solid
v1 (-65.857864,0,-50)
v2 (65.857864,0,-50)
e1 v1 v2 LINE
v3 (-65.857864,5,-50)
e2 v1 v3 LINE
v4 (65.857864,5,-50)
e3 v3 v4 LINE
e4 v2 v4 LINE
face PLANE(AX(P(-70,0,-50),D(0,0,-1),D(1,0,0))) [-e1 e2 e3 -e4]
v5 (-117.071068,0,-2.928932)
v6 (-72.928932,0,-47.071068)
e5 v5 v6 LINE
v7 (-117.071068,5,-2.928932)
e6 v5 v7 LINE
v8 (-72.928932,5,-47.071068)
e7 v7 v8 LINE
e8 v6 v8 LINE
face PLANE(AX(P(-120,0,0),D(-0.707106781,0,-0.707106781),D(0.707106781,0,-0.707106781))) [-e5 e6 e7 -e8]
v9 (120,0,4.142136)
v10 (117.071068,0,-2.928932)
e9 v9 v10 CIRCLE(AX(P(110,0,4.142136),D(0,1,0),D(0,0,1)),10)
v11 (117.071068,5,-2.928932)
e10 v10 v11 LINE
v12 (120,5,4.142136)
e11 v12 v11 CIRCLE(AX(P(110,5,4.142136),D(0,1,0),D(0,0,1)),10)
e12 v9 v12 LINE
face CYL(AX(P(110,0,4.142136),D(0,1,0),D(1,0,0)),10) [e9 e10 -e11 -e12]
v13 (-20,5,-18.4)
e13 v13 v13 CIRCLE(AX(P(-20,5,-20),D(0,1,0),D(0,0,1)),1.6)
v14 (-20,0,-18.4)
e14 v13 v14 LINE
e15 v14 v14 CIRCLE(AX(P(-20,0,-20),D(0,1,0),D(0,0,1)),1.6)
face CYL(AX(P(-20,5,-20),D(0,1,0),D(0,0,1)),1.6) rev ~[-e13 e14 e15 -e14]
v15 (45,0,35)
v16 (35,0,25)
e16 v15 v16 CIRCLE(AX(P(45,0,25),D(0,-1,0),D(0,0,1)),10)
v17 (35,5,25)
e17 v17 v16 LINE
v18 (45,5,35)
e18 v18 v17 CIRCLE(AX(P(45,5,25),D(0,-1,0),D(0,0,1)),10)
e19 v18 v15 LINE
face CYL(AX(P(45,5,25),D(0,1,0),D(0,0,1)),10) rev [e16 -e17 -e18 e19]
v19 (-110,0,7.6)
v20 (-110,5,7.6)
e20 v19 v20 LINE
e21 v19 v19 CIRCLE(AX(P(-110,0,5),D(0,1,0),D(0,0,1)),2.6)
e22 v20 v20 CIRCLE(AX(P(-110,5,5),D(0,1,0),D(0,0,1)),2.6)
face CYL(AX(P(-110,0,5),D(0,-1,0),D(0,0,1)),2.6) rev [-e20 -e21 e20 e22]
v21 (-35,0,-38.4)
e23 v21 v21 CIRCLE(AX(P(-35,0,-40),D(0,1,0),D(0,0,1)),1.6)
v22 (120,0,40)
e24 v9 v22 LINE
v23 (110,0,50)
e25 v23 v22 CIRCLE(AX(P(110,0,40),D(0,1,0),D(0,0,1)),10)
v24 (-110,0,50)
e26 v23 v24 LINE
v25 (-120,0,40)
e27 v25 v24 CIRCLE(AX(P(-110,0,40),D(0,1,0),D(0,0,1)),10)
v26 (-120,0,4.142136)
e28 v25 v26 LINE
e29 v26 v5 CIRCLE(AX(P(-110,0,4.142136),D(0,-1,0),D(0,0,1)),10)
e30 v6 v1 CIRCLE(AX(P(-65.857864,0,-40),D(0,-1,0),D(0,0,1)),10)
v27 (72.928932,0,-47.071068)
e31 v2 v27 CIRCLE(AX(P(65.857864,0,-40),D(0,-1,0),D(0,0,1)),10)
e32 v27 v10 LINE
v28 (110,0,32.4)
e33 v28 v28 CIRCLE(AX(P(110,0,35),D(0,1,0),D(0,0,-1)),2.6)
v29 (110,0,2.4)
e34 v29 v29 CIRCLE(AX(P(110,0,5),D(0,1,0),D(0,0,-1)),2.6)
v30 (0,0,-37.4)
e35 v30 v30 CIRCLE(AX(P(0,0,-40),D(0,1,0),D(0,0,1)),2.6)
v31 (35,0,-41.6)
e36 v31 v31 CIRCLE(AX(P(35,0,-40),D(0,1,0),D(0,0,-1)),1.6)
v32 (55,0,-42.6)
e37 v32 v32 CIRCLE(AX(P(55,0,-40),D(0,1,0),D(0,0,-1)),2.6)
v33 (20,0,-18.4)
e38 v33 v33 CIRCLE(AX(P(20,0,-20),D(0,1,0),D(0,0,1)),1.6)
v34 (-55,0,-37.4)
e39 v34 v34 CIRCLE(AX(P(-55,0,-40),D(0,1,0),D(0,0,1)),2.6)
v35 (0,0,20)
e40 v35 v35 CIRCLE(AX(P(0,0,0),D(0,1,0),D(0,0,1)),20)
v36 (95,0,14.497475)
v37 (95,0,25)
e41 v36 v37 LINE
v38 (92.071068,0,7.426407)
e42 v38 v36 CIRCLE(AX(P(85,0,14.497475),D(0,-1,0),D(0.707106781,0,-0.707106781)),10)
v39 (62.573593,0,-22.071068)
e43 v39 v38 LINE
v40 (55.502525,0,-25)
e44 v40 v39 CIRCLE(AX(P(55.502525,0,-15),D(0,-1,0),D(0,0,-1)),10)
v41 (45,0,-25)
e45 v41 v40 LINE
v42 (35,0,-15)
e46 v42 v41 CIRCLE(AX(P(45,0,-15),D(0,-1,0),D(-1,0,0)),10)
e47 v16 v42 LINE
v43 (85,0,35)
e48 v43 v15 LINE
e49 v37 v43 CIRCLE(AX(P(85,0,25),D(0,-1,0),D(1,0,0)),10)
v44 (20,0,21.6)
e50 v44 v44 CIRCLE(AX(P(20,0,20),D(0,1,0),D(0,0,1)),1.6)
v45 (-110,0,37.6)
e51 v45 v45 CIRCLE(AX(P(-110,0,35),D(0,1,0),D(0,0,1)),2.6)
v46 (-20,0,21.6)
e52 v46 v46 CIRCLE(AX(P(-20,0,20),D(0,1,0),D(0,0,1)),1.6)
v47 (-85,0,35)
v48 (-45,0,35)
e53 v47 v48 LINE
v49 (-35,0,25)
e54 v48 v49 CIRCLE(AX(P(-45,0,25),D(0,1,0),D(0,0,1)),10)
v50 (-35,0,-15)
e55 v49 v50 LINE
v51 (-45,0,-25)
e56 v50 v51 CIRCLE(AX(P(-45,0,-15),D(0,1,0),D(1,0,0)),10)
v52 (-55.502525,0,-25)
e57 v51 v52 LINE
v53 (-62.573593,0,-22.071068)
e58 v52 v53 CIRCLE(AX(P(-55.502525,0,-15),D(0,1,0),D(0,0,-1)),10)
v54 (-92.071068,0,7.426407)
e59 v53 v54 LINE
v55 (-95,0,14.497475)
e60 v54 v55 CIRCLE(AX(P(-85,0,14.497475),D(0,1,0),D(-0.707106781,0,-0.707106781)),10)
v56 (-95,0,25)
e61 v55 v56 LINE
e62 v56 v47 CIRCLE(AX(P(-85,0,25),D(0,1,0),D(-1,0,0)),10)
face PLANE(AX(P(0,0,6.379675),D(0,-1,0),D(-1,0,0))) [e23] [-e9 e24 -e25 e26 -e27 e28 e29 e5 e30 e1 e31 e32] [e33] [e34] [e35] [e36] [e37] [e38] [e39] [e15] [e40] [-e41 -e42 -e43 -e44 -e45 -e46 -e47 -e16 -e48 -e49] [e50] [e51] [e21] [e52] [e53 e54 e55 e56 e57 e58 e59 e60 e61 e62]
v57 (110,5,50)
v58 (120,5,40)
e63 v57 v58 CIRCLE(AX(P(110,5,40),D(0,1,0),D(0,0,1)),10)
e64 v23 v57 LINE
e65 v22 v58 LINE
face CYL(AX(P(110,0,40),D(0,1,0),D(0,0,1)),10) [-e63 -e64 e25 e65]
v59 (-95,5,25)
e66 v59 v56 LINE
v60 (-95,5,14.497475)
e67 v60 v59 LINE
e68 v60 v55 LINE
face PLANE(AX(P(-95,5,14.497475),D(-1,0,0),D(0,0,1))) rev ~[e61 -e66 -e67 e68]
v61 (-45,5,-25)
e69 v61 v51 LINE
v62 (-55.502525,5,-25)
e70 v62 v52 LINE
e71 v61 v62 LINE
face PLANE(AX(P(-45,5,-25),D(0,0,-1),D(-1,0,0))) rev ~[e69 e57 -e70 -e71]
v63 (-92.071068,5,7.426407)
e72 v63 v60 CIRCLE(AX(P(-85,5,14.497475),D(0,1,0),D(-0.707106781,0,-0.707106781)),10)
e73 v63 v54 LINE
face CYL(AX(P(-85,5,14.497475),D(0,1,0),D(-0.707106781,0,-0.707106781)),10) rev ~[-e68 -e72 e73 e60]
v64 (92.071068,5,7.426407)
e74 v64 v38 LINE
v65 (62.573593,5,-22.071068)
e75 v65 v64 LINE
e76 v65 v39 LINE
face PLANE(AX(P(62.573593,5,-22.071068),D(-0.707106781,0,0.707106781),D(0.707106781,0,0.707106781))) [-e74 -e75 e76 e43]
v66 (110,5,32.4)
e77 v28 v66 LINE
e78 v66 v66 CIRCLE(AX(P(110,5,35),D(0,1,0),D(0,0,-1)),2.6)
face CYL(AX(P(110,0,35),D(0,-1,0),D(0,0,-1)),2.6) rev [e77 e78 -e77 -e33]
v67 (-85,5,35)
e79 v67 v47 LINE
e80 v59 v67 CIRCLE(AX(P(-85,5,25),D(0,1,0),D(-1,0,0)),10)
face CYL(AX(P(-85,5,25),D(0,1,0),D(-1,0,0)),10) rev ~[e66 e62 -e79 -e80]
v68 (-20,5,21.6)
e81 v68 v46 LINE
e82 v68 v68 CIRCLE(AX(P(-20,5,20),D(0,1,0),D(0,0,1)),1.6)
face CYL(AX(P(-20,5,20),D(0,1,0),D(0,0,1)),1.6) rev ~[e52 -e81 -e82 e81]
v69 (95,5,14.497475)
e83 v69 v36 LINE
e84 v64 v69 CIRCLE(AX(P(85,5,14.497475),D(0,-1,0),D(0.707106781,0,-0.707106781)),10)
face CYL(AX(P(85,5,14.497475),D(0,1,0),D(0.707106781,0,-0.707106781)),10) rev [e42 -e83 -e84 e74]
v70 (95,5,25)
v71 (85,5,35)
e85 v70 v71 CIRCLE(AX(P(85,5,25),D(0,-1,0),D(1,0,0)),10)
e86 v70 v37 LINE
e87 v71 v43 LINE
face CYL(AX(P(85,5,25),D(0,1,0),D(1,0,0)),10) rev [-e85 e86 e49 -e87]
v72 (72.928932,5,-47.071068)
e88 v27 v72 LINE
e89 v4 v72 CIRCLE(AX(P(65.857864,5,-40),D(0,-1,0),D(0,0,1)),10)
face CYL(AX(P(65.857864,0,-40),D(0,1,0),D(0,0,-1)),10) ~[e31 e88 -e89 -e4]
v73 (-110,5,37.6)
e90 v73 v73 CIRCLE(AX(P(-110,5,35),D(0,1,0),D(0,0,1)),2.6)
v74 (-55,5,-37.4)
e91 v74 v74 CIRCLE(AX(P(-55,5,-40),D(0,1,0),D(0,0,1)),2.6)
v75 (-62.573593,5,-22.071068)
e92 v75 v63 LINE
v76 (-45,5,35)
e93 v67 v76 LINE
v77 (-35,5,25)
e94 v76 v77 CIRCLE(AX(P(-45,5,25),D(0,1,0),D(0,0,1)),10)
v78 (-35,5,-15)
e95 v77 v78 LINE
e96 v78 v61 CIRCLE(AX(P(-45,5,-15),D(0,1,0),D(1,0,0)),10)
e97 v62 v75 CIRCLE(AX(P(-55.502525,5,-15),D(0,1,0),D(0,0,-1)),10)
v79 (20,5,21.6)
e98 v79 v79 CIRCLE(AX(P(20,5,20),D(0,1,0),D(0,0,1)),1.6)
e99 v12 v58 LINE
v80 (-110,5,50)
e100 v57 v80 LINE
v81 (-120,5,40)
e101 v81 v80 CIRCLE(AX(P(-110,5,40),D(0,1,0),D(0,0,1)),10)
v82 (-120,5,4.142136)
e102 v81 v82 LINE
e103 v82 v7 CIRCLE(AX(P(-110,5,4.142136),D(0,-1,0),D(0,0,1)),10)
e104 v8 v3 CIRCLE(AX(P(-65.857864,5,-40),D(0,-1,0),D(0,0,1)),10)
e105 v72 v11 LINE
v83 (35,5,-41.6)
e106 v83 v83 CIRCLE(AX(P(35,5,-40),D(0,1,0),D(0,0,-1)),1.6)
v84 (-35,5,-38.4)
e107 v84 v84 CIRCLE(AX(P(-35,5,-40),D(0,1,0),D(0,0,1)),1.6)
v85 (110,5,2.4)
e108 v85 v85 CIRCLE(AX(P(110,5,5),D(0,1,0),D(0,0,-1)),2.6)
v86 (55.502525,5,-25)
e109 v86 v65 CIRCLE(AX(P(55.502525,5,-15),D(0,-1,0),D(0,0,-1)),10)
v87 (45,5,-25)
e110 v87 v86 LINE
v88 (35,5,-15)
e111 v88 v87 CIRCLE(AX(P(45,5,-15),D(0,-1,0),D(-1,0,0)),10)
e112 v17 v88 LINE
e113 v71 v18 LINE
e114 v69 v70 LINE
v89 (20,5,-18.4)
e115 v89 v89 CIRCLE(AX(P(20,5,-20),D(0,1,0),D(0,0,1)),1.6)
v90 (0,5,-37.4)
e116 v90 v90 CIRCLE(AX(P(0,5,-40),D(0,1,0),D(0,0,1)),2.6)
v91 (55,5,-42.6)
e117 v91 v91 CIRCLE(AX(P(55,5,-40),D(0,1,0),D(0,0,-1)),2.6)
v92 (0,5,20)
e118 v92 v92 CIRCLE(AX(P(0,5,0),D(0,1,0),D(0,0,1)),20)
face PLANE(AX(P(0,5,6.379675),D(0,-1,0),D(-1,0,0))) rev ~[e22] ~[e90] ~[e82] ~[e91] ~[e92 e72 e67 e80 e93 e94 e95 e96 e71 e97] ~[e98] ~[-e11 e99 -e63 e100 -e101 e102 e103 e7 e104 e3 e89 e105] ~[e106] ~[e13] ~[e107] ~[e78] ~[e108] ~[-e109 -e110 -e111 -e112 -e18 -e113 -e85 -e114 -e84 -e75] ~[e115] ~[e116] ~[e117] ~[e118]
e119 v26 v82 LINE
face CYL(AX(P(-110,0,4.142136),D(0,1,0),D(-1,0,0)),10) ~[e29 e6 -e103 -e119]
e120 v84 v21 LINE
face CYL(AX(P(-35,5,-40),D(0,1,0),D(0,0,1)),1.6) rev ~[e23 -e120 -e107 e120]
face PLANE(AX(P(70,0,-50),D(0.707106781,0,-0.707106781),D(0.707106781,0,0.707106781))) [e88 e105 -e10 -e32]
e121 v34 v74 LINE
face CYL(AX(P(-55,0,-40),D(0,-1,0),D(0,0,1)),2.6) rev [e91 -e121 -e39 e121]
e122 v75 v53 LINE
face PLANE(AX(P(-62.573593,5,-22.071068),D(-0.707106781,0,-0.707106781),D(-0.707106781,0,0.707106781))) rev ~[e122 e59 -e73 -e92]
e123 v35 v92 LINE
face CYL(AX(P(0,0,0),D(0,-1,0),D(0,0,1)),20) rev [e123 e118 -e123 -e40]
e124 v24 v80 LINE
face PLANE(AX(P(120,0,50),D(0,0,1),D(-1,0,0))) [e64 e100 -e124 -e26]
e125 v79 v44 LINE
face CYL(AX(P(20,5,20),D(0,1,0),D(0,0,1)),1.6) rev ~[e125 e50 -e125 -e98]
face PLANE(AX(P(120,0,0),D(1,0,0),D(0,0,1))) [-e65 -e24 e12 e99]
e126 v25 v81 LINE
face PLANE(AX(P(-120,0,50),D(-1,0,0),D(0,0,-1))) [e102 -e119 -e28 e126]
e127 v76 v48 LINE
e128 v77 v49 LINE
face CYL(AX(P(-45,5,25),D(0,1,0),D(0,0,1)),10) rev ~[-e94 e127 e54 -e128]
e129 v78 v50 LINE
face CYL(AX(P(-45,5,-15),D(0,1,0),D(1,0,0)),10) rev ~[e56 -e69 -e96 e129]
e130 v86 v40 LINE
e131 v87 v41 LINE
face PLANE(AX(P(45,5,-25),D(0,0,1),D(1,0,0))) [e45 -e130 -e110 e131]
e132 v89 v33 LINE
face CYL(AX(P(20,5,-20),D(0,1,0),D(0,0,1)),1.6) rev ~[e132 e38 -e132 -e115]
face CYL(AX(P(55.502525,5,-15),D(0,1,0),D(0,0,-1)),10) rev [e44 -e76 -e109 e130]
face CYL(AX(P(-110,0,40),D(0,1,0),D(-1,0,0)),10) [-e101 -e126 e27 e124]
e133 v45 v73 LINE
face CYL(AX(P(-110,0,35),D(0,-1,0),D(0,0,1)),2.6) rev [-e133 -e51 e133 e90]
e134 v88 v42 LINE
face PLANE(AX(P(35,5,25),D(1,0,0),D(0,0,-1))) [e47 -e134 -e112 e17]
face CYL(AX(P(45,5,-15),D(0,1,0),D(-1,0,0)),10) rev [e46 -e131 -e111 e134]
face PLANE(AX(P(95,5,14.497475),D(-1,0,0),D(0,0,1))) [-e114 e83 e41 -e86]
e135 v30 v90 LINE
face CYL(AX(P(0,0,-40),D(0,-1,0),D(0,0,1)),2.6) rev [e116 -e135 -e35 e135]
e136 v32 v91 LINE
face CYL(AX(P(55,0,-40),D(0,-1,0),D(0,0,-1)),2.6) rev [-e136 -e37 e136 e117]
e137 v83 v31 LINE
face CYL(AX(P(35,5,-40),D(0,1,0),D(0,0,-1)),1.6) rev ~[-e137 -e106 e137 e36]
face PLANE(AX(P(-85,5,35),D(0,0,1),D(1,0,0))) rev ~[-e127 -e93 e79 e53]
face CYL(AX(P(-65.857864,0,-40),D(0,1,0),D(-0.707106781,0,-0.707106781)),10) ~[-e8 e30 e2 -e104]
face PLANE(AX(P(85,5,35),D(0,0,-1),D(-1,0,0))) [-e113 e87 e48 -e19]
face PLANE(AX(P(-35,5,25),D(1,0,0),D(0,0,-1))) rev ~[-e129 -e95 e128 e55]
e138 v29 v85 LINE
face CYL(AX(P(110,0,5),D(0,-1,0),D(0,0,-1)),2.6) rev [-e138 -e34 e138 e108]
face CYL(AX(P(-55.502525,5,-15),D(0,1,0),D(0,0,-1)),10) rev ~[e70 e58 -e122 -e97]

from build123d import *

# Parameters (mm, degrees)
SKETCH_1_R          = 20
SKETCH_1_R_2        = 2.6
EXTRUDE_1_DEPTH     = 5
CUT_EXTRUDE_2_DEPTH = 5
FILLET_1_R          = 10
SKETCH_3_R          = 1.6
CUT_EXTRUDE_3_DEPTH = 131.096118313
SKETCH_4_R          = 1.6
CUT_EXTRUDE_4_DEPTH = 131.096118313


with BuildPart() as part:
    # ｽｹｯﾁ1 → ﾎﾞｽ - 押し出し1 (new body)
    with BuildSketch(Plane(origin=(0, 0, 0), x_dir=(1, 0, 0), z_dir=(0, 1, 0))):
        Polygon((-120, -50), (-120, 0), (-70, 50), (70, 50), (120, 0), (120, -50), align=None)
        with Locations(Location((0, 0, 0), (0, 0, 270))):
            Circle(SKETCH_1_R, mode=Mode.SUBTRACT)
        with Locations(Location((-110, -35, 0), (0, 0, 270))):
            Circle(SKETCH_1_R_2, mode=Mode.SUBTRACT)
        with Locations(Location((-110, -5, 0), (0, 0, 270))):
            Circle(SKETCH_1_R_2, mode=Mode.SUBTRACT)
        with Locations(Location((-55, 40, 0), (0, 0, 270))):
            Circle(SKETCH_1_R_2, mode=Mode.SUBTRACT)
        with Locations(Location((0, 40, 0), (0, 0, 270))):
            Circle(SKETCH_1_R_2, mode=Mode.SUBTRACT)
        with Locations(Location((110, -35, 0), (0, 0, 90))):
            Circle(SKETCH_1_R_2, mode=Mode.SUBTRACT)
        with Locations(Location((110, -5, 0), (0, 0, 90))):
            Circle(SKETCH_1_R_2, mode=Mode.SUBTRACT)
        with Locations(Location((55, 40, 0), (0, 0, 90))):
            Circle(SKETCH_1_R_2, mode=Mode.SUBTRACT)
    extrude(amount=EXTRUDE_1_DEPTH)

    # ｽｹｯﾁ2 → ｶｯﾄ - 押し出し2 (cut)
    with BuildSketch(Plane(origin=(0, 5, 0), x_dir=(1, 0, 0), z_dir=(0, 1, 0))):
        with BuildLine():
            Line((-62.573593129, 22.071067812), (-92.071067812, -7.426406871))
            ThreePointArc((-92.071067812, -7.426406871), (-94.238795325, -10.670640359), (-95, -14.497474683))
            Line((-95, -14.497474683), (-95, -25))
            ThreePointArc((-95, -25), (-92.071067812, -32.071067812), (-85, -35))
            Line((-85, -35), (-45, -35))
            ThreePointArc((-45, -35), (-37.928932188, -32.071067812), (-35, -25))
            Line((-35, -25), (-35, 15))
            ThreePointArc((-35, 15), (-37.928932188, 22.071067812), (-45, 25))
            Line((-45, 25), (-55.502525317, 25))
            ThreePointArc((-55.502525317, 25), (-59.329359641, 24.238795325), (-62.573593129, 22.071067812))
        make_face()
        with BuildLine():
            Line((35, -25), (35, 15))
            ThreePointArc((35, 15), (37.928932188, 22.071067812), (45, 25))
            Line((45, 25), (55.502525317, 25))
            ThreePointArc((55.502525317, 25), (59.329359641, 24.238795325), (62.573593129, 22.071067812))
            Line((62.573593129, 22.071067812), (92.071067812, -7.426406871))
            ThreePointArc((92.071067812, -7.426406871), (94.238795325, -10.670640359), (95, -14.497474683))
            Line((95, -14.497474683), (95, -25))
            ThreePointArc((95, -25), (92.071067812, -32.071067812), (85, -35))
            Line((85, -35), (45, -35))
            ThreePointArc((45, -35), (37.928932188, -32.071067812), (35, -25))
        make_face()
    extrude(amount=-CUT_EXTRUDE_2_DEPTH, mode=Mode.SUBTRACT)

    # ﾌｨﾚｯﾄ1
    fillet_1_edges = [part.edges().sort_by_distance(p)[0] for p in [
        (-120, 2.5, 50),
        (-120, 2.5, 0),
        (-70, 2.5, -50),
        (70, 2.5, -50),
        (120, 2.5, 0),
        (120, 2.5, 50),
    ]]
    fillet(fillet_1_edges, radius=FILLET_1_R)

    # ｽｹｯﾁ3 → ｶｯﾄ - 押し出し3 (cut, through all)
    with BuildSketch(Plane(origin=(0, 5, 0), x_dir=(1, 0, 0), z_dir=(0, 1, 0))):
        with Locations(Location((-20, 20, 0), (0, 0, 270))):
            Circle(SKETCH_3_R)
        with Locations(Location((20, 20, 0), (0, 0, 270))):
            Circle(SKETCH_3_R)
        with Locations(Location((20, -20, 0), (0, 0, 270))):
            Circle(SKETCH_3_R)
        with Locations(Location((-20, -20, 0), (0, 0, 270))):
            Circle(SKETCH_3_R)
    extrude(amount=-CUT_EXTRUDE_3_DEPTH, mode=Mode.SUBTRACT)

    # ｽｹｯﾁ4 → ｶｯﾄ - 押し出し4 (cut, through all)
    with BuildSketch(Plane(origin=(0, 5, 0), x_dir=(1, 0, 0), z_dir=(0, 1, 0))):
        with Locations(Location((-35, 40, 0), (0, 0, 270))):
            Circle(SKETCH_4_R)
        with Locations(Location((35, 40, 0), (0, 0, 90))):
            Circle(SKETCH_4_R)
    extrude(amount=-CUT_EXTRUDE_4_DEPTH, mode=Mode.SUBTRACT)


solid = part.part
